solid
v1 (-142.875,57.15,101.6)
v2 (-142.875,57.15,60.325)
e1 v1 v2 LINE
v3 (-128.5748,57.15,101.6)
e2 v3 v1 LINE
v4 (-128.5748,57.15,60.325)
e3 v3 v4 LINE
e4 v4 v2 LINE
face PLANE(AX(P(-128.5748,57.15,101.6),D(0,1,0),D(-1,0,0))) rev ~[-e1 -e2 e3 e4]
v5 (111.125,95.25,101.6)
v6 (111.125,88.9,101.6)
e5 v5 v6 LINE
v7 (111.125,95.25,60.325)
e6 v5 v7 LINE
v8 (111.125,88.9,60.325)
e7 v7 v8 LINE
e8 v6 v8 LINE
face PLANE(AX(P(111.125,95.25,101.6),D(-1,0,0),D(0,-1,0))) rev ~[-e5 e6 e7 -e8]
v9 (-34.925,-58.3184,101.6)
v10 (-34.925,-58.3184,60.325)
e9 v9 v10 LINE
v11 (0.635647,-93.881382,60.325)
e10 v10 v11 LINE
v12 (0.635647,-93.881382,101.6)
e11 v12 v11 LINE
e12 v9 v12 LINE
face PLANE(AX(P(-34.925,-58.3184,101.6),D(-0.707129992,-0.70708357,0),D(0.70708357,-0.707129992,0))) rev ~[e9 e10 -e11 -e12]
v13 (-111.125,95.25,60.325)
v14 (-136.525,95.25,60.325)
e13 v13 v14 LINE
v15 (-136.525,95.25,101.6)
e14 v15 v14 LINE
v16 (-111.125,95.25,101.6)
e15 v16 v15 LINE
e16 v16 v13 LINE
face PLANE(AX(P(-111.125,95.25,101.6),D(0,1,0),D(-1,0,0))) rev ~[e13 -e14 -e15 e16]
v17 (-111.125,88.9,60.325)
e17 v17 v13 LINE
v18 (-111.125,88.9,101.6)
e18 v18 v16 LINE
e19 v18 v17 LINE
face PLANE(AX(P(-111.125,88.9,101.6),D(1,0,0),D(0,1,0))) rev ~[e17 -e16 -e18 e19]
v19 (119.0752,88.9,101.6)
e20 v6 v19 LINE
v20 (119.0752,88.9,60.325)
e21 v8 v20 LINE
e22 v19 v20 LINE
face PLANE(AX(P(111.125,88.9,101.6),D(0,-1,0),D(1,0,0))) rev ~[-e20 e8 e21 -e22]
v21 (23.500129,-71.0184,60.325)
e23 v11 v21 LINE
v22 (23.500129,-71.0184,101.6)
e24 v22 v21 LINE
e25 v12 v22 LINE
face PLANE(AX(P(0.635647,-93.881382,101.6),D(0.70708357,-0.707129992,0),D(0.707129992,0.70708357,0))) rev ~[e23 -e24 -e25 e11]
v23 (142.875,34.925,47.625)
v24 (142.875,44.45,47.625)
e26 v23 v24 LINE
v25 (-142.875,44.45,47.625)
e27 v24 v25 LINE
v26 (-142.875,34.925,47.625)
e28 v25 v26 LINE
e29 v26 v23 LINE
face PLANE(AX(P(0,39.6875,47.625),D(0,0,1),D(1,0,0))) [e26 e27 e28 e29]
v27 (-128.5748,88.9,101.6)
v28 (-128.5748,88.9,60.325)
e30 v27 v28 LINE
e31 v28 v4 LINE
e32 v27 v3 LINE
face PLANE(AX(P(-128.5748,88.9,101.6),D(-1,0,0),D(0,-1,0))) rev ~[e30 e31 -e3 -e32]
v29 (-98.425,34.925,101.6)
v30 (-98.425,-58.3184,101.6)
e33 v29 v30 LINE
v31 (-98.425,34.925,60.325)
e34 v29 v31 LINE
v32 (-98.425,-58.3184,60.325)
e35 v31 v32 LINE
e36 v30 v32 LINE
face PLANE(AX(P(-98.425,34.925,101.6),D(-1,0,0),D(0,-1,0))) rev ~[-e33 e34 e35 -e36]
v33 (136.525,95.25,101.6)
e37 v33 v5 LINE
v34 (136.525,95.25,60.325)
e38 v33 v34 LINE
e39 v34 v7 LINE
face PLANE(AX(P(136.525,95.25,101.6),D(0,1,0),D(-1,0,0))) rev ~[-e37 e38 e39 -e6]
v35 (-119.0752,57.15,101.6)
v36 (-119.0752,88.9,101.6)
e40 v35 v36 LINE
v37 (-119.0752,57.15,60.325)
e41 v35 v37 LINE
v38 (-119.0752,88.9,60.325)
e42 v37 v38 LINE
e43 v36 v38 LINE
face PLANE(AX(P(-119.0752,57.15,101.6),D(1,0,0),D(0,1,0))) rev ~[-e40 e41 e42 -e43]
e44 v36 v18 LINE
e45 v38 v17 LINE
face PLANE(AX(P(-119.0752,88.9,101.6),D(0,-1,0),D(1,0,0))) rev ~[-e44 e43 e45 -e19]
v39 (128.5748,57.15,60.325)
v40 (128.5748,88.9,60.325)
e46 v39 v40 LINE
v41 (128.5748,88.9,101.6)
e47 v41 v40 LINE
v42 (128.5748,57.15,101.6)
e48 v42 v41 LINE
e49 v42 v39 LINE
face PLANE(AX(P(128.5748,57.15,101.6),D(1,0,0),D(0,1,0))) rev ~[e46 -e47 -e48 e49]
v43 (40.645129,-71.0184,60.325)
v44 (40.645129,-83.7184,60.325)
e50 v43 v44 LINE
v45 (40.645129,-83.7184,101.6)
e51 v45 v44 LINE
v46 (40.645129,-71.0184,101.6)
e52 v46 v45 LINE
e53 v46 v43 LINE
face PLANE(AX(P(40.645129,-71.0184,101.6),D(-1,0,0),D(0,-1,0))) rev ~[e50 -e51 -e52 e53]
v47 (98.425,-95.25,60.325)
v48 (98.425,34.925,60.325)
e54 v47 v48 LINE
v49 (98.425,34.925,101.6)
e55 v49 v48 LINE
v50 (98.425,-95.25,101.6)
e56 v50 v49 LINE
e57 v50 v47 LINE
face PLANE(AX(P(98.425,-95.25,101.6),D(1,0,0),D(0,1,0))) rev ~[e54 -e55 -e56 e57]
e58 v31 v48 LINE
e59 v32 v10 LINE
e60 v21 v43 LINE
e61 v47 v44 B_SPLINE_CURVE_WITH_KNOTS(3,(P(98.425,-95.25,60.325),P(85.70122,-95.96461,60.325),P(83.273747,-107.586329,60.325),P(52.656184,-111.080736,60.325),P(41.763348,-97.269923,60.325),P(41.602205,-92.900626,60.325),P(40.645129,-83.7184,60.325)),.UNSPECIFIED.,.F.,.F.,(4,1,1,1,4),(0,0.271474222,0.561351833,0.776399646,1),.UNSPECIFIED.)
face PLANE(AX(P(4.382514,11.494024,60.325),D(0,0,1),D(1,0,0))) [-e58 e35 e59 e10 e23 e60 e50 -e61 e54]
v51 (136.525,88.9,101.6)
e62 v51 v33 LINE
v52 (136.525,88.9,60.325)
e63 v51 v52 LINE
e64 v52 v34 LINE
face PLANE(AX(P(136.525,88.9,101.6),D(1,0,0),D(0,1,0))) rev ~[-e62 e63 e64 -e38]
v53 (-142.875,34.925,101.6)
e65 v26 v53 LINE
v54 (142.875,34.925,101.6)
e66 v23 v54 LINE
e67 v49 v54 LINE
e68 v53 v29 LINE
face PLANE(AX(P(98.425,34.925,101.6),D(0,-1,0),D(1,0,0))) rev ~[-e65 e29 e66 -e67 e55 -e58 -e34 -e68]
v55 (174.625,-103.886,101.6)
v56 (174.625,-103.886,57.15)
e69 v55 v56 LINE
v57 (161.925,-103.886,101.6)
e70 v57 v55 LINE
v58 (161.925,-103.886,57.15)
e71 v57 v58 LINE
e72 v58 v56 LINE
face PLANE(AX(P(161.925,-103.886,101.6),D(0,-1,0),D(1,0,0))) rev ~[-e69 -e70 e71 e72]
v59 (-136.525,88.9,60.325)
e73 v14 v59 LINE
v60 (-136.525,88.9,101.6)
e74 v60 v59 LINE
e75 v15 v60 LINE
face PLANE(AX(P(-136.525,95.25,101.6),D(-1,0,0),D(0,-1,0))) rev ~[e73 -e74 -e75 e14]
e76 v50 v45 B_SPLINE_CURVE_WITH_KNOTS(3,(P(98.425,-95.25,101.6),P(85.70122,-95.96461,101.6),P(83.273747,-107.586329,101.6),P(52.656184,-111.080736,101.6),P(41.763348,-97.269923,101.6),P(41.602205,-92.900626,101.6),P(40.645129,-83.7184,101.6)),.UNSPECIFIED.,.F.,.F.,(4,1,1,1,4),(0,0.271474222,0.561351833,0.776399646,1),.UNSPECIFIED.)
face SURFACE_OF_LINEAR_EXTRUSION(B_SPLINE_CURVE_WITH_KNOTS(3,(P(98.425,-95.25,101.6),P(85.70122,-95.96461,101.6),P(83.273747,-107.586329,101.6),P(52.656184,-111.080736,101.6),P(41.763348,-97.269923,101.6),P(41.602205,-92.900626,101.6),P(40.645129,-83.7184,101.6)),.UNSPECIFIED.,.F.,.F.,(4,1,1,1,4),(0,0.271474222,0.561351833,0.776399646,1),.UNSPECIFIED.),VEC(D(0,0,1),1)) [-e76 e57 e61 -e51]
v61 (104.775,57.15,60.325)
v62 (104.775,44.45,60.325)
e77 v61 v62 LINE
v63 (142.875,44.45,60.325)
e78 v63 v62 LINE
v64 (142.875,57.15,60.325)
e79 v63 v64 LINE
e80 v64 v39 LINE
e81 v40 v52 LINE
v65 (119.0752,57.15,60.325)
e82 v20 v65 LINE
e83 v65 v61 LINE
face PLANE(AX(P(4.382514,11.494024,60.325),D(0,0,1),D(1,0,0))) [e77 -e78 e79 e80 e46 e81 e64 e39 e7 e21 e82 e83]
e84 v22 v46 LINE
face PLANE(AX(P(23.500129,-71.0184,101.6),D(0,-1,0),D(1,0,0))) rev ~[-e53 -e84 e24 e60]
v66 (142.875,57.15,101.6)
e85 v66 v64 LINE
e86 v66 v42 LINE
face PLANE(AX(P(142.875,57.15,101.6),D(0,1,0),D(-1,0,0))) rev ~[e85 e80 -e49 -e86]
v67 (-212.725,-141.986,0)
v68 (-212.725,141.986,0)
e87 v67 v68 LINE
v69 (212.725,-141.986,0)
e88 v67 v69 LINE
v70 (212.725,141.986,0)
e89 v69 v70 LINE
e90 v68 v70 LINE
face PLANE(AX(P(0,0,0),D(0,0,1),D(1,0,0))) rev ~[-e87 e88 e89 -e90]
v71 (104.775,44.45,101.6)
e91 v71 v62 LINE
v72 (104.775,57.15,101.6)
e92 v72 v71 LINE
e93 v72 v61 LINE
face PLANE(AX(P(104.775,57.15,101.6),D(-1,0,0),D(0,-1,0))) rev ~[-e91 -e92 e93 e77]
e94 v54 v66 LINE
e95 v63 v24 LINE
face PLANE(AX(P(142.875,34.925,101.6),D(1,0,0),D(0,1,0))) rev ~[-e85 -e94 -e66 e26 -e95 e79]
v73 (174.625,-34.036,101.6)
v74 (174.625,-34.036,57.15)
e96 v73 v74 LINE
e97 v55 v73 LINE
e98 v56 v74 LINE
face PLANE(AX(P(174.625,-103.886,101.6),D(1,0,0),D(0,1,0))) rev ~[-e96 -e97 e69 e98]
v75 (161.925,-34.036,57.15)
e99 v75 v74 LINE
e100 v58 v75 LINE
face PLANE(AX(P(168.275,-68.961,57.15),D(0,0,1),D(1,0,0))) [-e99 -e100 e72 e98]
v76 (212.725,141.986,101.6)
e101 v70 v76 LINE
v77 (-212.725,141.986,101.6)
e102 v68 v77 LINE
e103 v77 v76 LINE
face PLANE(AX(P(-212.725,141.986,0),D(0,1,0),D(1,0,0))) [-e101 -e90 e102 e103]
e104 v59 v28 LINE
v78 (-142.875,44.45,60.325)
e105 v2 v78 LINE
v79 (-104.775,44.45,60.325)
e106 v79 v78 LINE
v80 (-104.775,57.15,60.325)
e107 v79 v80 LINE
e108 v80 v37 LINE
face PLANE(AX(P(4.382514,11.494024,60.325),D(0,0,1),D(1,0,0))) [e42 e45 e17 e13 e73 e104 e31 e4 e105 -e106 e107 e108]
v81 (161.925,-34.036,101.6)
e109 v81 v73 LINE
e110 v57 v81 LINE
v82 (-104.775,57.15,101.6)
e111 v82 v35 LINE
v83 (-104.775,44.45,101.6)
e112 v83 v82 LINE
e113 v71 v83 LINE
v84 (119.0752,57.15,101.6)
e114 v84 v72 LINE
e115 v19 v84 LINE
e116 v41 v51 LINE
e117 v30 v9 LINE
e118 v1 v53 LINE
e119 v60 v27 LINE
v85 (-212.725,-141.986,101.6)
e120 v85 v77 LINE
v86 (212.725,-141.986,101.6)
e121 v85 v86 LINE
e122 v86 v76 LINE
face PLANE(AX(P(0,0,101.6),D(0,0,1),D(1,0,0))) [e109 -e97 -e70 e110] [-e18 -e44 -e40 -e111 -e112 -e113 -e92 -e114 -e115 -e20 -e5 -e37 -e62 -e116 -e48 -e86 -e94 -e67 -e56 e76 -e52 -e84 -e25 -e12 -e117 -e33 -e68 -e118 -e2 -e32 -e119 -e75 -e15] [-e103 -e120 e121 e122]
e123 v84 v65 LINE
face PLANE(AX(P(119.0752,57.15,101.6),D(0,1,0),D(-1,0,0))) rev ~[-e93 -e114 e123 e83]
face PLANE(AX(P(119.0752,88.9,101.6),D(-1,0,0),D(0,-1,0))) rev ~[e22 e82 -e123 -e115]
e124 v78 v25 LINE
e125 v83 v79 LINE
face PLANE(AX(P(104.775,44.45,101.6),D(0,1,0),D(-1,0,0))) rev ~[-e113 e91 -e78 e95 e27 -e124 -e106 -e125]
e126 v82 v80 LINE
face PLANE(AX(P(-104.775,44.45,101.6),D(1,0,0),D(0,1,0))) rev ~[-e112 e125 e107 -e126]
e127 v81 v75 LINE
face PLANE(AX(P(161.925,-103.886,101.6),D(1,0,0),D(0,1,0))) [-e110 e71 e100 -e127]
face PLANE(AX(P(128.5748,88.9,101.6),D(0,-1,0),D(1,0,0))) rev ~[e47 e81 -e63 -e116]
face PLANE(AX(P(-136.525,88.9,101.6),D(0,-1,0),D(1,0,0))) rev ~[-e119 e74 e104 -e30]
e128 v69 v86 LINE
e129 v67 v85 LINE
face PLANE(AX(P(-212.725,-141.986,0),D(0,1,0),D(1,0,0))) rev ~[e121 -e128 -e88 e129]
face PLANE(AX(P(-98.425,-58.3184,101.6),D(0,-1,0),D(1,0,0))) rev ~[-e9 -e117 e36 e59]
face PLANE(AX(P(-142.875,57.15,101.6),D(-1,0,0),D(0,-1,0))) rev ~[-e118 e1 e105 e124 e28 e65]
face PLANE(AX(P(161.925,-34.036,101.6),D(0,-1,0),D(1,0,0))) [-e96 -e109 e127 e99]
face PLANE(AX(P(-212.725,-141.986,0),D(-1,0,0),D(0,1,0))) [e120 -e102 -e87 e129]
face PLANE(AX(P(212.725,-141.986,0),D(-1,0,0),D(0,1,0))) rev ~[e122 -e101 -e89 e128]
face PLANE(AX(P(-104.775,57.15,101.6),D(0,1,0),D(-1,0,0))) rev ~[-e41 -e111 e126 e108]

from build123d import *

# Parameters (mm, degrees)
F0_W     = 425.45
F0_H     = 283.972
F1_DEPTH = 101.6
F3_DEPTH = 41.275
F2_W     = 12.7
F2_H     = 69.85
F4_DEPTH = 44.45
F6_DEPTH = 12.7


with BuildPart() as f1:
    # F0 (on Top) → F1 (new body)
    with BuildSketch(Plane.XY):
        Rectangle(F0_W, F0_H)
    extrude(amount=F1_DEPTH)

    # F2 (on face) → F3 (cut)
    with BuildSketch(Plane.XY.offset(101.6)):
        with BuildLine():
            Line((104.775, 57.15), (104.775, 44.45))
            Line((104.775, 44.45), (-104.775, 44.45))
            Line((-104.775, 44.45), (-104.775, 57.15))
            Line((-104.775, 57.15), (-119.0752, 57.15))
            Line((-119.0752, 57.15), (-119.0752, 88.9))
            Line((-119.0752, 88.9), (-111.125, 88.9))
            Line((-111.125, 88.9), (-111.125, 95.25))
            Line((-111.125, 95.25), (-136.525, 95.25))
            Line((-136.525, 95.25), (-136.525, 88.9))
            Line((-136.525, 88.9), (-128.5748, 88.9))
            Line((-128.5748, 88.9), (-128.5748, 57.15))
            Line((-128.5748, 57.15), (-142.875, 57.15))
            Line((-142.875, 57.15), (-142.875, 34.925))
            Line((-142.875, 34.925), (-98.425, 34.925))
            Line((-98.425, 34.925), (-98.425, -58.3184))
            Line((-98.425, -58.3184), (-34.925, -58.3184))
            Line((-34.925, -58.3184), (0.6356468836, -93.881381557))
            Line((0.6356468836, -93.881381557), (23.5001294705, -71.0184))
            Line((23.5001294705, -71.0184), (40.6451294705, -71.0184))
            Line((40.6451294705, -71.0184), (40.6451294705, -83.7184))
            add(Edge.make_bspline(
                [(98.425, -95.25), (85.7012200048, -95.9646103609), (83.2737472807, -107.5863293593), (52.6561842817, -111.0807364969), (41.7633484197, -97.2699226213), (41.6022054851, -92.9006263614), (40.6451294705, -83.7184)],
                knots=[0, 0, 0, 0, 0.2714742221, 0.5613518333, 0.7763996456, 1, 1, 1, 1], degree=3))
            Line((98.425, -95.25), (98.425, 34.925))
            Line((98.425, 34.925), (142.875, 34.925))
            Line((142.875, 34.925), (142.875, 57.15))
            Line((142.875, 57.15), (128.5748, 57.15))
            Line((128.5748, 57.15), (128.5748, 88.9))
            Line((128.5748, 88.9), (136.525, 88.9))
            Line((136.525, 88.9), (136.525, 95.25))
            Line((136.525, 95.25), (111.125, 95.25))
            Line((111.125, 95.25), (111.125, 88.9))
            Line((111.125, 88.9), (119.0752, 88.9))
            Line((119.0752, 88.9), (119.0752, 57.15))
            Line((119.0752, 57.15), (104.775, 57.15))
        make_face()
    extrude(amount=-F3_DEPTH, mode=Mode.SUBTRACT)

    # F2 (on face) → F4 (cut)
    with BuildSketch(Plane.XY.offset(101.6)):
        with Locations((168.275, -68.961)):
            Rectangle(F2_W, F2_H)
    extrude(amount=-F4_DEPTH, mode=Mode.SUBTRACT)

    # F5 (on face) → F6 (cut)
    with BuildSketch(Plane.XY.offset(60.325)):
        Polygon((-142.875, 44.45), (-142.875, 34.925), (-98.425, 34.925), (98.425, 34.925), (142.875, 34.925), (142.875, 44.45), (104.775, 44.45), (-104.775, 44.45), align=None)
    extrude(amount=-F6_DEPTH, mode=Mode.SUBTRACT)


solid = f1.part
